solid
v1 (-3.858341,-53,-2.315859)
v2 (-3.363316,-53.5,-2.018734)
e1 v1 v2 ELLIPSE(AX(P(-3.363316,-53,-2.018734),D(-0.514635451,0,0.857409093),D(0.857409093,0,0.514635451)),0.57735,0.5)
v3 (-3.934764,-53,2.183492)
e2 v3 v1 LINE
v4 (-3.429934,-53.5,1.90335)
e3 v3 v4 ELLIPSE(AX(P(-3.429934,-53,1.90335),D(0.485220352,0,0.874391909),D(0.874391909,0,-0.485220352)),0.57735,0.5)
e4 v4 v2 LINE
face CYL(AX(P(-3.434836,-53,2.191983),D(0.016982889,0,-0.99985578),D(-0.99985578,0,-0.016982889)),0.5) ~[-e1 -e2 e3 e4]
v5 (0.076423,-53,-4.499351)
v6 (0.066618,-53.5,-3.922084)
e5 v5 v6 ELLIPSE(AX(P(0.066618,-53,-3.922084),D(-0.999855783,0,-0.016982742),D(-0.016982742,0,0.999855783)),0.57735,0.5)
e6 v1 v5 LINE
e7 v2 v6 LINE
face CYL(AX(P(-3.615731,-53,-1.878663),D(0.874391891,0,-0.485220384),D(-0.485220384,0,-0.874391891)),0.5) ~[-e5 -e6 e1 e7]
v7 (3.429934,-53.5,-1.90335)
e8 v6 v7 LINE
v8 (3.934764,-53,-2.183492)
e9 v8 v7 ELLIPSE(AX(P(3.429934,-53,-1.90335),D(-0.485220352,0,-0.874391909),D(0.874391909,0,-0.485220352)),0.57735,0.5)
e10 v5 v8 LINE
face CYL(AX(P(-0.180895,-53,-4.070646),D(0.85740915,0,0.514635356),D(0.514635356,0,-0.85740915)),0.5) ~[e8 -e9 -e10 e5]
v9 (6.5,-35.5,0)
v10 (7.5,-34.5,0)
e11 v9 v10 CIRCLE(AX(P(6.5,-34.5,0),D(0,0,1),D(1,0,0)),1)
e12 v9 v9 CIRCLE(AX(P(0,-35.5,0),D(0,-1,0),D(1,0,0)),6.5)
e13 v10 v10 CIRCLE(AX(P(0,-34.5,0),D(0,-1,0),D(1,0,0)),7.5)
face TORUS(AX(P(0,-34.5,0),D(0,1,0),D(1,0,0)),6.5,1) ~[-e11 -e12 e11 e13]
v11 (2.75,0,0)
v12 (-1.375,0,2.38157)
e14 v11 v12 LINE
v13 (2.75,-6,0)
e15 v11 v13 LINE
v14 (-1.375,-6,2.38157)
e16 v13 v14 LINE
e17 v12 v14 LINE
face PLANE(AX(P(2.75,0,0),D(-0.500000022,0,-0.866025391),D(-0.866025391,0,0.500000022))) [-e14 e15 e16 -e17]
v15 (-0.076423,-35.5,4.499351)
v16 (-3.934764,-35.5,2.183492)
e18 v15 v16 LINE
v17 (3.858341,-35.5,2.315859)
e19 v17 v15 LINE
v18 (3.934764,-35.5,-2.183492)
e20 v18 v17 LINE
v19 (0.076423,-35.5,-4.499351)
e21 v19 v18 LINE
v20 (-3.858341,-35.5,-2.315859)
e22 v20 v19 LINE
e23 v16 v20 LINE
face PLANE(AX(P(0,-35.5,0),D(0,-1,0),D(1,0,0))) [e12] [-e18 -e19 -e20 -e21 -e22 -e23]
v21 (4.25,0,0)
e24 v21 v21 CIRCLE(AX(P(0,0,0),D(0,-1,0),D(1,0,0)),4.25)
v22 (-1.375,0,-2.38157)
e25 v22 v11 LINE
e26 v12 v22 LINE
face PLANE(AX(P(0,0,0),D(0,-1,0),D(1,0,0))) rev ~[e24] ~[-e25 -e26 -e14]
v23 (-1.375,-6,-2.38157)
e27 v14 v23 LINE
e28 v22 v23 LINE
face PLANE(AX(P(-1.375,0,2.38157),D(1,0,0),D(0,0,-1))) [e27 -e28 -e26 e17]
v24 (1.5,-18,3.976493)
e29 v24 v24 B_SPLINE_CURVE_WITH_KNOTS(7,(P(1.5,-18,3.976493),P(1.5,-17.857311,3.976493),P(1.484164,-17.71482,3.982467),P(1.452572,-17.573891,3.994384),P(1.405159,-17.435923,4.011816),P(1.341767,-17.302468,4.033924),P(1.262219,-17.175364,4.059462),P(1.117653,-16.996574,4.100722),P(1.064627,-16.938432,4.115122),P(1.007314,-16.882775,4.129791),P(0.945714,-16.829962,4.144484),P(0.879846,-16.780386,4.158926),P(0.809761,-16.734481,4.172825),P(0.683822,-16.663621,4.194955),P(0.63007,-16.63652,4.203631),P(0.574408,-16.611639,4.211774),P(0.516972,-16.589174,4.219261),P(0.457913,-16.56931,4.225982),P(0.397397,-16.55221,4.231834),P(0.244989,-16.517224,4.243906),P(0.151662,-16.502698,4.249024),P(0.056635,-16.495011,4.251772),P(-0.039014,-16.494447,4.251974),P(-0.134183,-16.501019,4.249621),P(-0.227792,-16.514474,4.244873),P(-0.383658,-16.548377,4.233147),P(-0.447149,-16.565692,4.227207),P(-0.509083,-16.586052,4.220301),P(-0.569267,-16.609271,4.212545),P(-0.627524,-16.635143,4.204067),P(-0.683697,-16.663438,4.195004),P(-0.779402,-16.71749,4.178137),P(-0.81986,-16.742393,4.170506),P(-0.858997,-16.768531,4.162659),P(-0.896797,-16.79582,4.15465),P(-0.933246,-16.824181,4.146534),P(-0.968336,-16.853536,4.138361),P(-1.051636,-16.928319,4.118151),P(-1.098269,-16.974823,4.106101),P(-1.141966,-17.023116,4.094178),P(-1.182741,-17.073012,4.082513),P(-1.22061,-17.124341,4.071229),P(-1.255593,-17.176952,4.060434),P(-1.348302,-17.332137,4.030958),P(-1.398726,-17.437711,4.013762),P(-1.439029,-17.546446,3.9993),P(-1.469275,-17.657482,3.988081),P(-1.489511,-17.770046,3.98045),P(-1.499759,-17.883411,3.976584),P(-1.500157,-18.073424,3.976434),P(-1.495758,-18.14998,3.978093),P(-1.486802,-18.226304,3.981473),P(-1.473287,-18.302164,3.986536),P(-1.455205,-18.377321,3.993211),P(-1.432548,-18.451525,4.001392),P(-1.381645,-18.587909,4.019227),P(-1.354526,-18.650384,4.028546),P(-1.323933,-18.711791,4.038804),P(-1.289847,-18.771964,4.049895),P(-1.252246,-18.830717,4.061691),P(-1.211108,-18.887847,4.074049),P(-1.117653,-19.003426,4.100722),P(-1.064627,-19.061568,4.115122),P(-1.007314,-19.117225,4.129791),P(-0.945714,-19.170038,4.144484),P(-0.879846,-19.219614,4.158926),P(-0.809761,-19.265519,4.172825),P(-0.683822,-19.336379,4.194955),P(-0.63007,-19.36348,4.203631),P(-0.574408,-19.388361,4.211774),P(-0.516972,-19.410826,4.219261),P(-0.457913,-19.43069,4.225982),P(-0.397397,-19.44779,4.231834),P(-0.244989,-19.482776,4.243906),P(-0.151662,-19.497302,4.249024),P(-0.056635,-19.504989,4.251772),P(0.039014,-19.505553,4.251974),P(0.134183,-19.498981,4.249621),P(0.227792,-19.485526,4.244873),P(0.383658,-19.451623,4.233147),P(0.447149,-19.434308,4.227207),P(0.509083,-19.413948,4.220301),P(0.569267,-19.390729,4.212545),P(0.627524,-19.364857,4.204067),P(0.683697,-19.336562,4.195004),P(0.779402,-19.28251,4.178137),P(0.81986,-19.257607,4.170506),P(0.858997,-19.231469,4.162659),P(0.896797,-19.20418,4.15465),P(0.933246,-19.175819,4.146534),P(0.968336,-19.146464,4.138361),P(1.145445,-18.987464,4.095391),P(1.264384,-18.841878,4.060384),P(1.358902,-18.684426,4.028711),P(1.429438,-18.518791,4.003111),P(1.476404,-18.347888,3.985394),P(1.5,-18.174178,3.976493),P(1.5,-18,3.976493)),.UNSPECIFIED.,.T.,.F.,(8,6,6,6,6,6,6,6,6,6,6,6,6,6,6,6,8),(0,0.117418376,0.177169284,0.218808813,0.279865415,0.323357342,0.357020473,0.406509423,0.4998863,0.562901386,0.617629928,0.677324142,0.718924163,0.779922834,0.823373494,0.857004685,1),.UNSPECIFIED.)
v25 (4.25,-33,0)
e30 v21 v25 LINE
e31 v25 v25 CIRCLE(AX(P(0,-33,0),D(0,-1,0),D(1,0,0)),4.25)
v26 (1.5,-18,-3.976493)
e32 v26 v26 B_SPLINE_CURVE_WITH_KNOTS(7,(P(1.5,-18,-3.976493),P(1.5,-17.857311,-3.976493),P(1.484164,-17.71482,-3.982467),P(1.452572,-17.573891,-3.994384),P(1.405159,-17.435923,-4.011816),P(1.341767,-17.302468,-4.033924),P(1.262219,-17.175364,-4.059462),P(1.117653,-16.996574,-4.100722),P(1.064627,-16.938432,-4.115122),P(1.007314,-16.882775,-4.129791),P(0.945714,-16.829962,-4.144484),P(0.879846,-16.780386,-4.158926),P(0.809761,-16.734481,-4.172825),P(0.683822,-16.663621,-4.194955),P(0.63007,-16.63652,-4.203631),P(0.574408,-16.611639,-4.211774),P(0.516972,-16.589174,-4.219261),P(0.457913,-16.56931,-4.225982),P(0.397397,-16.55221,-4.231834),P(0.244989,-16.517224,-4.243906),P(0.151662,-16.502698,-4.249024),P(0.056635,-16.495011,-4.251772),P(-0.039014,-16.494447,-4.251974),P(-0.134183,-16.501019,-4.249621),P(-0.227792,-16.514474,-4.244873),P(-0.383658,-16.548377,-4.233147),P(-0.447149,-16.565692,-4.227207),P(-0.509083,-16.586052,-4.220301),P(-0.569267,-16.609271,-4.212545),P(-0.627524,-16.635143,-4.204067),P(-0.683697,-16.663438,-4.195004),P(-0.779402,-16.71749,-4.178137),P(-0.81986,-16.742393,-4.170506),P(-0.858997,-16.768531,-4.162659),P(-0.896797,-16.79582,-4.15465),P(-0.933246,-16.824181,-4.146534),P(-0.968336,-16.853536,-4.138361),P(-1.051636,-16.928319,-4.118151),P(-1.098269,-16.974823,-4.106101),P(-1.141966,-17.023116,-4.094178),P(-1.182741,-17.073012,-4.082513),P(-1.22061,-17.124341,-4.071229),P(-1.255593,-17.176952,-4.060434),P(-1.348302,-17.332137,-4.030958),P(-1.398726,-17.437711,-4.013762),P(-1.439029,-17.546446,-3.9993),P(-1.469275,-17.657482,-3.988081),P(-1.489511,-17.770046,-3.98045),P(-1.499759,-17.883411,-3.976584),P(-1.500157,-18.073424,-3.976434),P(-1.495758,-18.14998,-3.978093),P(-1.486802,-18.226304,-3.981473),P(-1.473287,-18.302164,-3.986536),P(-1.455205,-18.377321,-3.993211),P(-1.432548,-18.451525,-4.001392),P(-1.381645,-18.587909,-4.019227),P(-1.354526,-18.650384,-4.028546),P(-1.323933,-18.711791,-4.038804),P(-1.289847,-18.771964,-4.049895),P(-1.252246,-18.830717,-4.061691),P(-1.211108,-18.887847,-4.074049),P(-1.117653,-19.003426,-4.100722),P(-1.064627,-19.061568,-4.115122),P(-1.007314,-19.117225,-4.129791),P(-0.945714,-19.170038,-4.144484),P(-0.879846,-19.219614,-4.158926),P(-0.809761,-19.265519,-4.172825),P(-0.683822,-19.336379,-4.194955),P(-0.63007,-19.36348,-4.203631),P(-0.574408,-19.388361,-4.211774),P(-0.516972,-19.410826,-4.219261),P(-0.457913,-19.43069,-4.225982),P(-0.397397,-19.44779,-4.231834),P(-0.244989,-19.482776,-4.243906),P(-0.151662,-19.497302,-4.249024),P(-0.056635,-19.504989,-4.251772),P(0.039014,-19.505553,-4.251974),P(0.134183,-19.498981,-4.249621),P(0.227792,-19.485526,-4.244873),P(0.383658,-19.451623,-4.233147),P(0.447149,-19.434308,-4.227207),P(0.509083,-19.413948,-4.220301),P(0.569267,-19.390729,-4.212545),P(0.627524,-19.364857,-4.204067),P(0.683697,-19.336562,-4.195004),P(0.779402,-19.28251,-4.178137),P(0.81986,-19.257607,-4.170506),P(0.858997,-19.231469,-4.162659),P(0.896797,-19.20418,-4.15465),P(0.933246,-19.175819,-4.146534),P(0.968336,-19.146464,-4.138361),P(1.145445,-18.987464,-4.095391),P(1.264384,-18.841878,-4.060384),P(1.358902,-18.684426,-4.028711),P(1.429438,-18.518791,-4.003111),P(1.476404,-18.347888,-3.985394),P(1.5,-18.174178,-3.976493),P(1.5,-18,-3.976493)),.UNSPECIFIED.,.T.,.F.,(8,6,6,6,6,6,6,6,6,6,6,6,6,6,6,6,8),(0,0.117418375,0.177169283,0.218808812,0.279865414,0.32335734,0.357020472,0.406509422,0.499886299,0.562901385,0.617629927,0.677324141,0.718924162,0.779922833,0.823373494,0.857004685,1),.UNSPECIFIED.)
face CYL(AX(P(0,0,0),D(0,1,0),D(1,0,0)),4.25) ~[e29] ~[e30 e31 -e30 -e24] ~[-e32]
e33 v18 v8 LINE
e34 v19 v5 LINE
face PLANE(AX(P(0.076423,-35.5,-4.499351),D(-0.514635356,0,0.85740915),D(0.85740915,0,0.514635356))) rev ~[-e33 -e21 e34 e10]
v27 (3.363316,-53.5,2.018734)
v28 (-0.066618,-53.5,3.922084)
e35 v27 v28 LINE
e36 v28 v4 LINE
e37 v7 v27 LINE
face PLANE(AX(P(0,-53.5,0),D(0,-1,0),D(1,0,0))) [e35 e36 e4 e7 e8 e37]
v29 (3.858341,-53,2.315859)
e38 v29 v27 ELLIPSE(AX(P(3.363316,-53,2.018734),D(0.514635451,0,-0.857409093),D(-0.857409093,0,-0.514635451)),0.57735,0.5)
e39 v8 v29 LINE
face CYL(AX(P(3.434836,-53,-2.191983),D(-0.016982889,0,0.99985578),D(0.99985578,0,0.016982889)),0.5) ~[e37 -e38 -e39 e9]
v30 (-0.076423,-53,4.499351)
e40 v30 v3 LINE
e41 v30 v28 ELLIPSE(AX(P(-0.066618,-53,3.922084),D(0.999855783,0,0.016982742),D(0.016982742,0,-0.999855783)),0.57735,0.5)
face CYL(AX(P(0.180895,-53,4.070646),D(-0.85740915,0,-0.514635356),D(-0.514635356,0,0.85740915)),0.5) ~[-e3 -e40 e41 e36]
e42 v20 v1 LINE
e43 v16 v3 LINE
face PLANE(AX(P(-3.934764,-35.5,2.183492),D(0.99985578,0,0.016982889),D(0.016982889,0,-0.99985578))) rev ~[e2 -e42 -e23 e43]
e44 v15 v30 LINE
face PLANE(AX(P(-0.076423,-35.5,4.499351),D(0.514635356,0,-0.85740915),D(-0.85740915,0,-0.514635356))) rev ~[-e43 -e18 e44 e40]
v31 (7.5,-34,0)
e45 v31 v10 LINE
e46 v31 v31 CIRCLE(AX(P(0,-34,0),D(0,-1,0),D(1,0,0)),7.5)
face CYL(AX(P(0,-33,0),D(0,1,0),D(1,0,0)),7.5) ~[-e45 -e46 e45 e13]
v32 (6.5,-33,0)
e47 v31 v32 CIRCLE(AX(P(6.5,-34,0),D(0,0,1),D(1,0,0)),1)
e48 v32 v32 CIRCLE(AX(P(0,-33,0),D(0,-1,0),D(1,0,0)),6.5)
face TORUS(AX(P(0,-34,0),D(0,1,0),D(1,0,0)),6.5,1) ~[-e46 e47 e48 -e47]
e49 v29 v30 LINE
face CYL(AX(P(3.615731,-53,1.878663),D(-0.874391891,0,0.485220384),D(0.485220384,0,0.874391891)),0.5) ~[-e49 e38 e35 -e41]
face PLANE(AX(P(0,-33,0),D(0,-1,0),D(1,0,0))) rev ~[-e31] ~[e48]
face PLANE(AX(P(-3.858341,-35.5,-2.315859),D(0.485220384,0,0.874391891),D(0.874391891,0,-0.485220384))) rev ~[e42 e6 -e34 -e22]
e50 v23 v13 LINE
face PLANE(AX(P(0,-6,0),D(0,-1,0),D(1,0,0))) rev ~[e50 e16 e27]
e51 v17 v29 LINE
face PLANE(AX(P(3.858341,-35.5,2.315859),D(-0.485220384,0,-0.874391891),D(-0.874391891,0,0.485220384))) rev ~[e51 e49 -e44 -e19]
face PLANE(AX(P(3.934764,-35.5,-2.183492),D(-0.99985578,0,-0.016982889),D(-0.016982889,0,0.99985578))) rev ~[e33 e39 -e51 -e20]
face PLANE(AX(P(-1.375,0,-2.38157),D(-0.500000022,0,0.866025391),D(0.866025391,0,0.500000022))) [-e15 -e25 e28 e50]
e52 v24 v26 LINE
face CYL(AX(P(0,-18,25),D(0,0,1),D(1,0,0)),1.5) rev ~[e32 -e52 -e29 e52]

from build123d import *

# Parameters (mm, degrees)
F0_R      = 4.25
F1_DEPTH  = 33
F2_DEPTH  = 6
F3_R      = 7.5
F3_R_2    = 4.25
F4_DEPTH  = 2.5
F6_DEPTH  = 18
F7_R      = 0.5
F8_R      = 1
F10_R     = 1.5
F11_DEPTH = 40


with BuildPart() as f1:
    # F0 (on Front) → F1 (new body)
    with BuildSketch(Plane.XZ):
        Circle(F0_R)
        Polygon((-1.375, 2.38157), (2.75, 0), (-1.375, -2.38157), align=None, mode=Mode.SUBTRACT)
        Polygon((-1.375, -2.38157), (2.75, 0), (-1.375, 2.38157), align=None)
    extrude(amount=F1_DEPTH)

    # F0 (on Front) → F2 (cut)
    with BuildSketch(Plane.XZ):
        Polygon((-1.375, -2.38157), (2.75, 0), (-1.375, 2.38157), align=None)
    extrude(amount=F2_DEPTH, mode=Mode.SUBTRACT)

    # F3 (on face) → F4 (join)
    with BuildSketch(Plane.XZ.offset(33)):
        Circle(F3_R)
        Circle(F3_R_2, mode=Mode.SUBTRACT)
        Circle(F3_R_2)
    extrude(amount=F4_DEPTH)

    # F5 (on face) → F6 (join)
    with BuildSketch(Plane.XZ.offset(35.5)):
        Polygon((0.076423, -4.499351), (3.934764, -2.183492), (3.858341, 2.315859), (-0.076423, 4.499351), (-3.934764, 2.183492), (-3.858341, -2.315859), align=None)
    extrude(amount=F6_DEPTH)

    # F7
    f7_edges = [f1.edges().sort_by_distance(p)[0] for p in [
        (2.005593, -53.5, -3.341421),
        (-1.890959, -53.5, -3.407605),
        (-3.896552, -53.5, -0.066184),
        (-2.005593, -53.5, 3.341421),
        (1.890959, -53.5, 3.407605),
        (3.896552, -53.5, 0.066184),
    ]]
    fillet(f7_edges, radius=F7_R)

    # F8
    f8_edges = [f1.edges().sort_by_distance(p)[0] for p in [
        (-7.5, -35.5, 0),
        (-7.5, -33, 0),
    ]]
    fillet(f8_edges, radius=F8_R)

    # F10 (on offset) → F11 (cut)
    with BuildSketch(Plane.XY.offset(25)):
        with Locations((0, -18)):
            Circle(F10_R)
    extrude(amount=-F11_DEPTH, mode=Mode.SUBTRACT)


solid = f1.part
